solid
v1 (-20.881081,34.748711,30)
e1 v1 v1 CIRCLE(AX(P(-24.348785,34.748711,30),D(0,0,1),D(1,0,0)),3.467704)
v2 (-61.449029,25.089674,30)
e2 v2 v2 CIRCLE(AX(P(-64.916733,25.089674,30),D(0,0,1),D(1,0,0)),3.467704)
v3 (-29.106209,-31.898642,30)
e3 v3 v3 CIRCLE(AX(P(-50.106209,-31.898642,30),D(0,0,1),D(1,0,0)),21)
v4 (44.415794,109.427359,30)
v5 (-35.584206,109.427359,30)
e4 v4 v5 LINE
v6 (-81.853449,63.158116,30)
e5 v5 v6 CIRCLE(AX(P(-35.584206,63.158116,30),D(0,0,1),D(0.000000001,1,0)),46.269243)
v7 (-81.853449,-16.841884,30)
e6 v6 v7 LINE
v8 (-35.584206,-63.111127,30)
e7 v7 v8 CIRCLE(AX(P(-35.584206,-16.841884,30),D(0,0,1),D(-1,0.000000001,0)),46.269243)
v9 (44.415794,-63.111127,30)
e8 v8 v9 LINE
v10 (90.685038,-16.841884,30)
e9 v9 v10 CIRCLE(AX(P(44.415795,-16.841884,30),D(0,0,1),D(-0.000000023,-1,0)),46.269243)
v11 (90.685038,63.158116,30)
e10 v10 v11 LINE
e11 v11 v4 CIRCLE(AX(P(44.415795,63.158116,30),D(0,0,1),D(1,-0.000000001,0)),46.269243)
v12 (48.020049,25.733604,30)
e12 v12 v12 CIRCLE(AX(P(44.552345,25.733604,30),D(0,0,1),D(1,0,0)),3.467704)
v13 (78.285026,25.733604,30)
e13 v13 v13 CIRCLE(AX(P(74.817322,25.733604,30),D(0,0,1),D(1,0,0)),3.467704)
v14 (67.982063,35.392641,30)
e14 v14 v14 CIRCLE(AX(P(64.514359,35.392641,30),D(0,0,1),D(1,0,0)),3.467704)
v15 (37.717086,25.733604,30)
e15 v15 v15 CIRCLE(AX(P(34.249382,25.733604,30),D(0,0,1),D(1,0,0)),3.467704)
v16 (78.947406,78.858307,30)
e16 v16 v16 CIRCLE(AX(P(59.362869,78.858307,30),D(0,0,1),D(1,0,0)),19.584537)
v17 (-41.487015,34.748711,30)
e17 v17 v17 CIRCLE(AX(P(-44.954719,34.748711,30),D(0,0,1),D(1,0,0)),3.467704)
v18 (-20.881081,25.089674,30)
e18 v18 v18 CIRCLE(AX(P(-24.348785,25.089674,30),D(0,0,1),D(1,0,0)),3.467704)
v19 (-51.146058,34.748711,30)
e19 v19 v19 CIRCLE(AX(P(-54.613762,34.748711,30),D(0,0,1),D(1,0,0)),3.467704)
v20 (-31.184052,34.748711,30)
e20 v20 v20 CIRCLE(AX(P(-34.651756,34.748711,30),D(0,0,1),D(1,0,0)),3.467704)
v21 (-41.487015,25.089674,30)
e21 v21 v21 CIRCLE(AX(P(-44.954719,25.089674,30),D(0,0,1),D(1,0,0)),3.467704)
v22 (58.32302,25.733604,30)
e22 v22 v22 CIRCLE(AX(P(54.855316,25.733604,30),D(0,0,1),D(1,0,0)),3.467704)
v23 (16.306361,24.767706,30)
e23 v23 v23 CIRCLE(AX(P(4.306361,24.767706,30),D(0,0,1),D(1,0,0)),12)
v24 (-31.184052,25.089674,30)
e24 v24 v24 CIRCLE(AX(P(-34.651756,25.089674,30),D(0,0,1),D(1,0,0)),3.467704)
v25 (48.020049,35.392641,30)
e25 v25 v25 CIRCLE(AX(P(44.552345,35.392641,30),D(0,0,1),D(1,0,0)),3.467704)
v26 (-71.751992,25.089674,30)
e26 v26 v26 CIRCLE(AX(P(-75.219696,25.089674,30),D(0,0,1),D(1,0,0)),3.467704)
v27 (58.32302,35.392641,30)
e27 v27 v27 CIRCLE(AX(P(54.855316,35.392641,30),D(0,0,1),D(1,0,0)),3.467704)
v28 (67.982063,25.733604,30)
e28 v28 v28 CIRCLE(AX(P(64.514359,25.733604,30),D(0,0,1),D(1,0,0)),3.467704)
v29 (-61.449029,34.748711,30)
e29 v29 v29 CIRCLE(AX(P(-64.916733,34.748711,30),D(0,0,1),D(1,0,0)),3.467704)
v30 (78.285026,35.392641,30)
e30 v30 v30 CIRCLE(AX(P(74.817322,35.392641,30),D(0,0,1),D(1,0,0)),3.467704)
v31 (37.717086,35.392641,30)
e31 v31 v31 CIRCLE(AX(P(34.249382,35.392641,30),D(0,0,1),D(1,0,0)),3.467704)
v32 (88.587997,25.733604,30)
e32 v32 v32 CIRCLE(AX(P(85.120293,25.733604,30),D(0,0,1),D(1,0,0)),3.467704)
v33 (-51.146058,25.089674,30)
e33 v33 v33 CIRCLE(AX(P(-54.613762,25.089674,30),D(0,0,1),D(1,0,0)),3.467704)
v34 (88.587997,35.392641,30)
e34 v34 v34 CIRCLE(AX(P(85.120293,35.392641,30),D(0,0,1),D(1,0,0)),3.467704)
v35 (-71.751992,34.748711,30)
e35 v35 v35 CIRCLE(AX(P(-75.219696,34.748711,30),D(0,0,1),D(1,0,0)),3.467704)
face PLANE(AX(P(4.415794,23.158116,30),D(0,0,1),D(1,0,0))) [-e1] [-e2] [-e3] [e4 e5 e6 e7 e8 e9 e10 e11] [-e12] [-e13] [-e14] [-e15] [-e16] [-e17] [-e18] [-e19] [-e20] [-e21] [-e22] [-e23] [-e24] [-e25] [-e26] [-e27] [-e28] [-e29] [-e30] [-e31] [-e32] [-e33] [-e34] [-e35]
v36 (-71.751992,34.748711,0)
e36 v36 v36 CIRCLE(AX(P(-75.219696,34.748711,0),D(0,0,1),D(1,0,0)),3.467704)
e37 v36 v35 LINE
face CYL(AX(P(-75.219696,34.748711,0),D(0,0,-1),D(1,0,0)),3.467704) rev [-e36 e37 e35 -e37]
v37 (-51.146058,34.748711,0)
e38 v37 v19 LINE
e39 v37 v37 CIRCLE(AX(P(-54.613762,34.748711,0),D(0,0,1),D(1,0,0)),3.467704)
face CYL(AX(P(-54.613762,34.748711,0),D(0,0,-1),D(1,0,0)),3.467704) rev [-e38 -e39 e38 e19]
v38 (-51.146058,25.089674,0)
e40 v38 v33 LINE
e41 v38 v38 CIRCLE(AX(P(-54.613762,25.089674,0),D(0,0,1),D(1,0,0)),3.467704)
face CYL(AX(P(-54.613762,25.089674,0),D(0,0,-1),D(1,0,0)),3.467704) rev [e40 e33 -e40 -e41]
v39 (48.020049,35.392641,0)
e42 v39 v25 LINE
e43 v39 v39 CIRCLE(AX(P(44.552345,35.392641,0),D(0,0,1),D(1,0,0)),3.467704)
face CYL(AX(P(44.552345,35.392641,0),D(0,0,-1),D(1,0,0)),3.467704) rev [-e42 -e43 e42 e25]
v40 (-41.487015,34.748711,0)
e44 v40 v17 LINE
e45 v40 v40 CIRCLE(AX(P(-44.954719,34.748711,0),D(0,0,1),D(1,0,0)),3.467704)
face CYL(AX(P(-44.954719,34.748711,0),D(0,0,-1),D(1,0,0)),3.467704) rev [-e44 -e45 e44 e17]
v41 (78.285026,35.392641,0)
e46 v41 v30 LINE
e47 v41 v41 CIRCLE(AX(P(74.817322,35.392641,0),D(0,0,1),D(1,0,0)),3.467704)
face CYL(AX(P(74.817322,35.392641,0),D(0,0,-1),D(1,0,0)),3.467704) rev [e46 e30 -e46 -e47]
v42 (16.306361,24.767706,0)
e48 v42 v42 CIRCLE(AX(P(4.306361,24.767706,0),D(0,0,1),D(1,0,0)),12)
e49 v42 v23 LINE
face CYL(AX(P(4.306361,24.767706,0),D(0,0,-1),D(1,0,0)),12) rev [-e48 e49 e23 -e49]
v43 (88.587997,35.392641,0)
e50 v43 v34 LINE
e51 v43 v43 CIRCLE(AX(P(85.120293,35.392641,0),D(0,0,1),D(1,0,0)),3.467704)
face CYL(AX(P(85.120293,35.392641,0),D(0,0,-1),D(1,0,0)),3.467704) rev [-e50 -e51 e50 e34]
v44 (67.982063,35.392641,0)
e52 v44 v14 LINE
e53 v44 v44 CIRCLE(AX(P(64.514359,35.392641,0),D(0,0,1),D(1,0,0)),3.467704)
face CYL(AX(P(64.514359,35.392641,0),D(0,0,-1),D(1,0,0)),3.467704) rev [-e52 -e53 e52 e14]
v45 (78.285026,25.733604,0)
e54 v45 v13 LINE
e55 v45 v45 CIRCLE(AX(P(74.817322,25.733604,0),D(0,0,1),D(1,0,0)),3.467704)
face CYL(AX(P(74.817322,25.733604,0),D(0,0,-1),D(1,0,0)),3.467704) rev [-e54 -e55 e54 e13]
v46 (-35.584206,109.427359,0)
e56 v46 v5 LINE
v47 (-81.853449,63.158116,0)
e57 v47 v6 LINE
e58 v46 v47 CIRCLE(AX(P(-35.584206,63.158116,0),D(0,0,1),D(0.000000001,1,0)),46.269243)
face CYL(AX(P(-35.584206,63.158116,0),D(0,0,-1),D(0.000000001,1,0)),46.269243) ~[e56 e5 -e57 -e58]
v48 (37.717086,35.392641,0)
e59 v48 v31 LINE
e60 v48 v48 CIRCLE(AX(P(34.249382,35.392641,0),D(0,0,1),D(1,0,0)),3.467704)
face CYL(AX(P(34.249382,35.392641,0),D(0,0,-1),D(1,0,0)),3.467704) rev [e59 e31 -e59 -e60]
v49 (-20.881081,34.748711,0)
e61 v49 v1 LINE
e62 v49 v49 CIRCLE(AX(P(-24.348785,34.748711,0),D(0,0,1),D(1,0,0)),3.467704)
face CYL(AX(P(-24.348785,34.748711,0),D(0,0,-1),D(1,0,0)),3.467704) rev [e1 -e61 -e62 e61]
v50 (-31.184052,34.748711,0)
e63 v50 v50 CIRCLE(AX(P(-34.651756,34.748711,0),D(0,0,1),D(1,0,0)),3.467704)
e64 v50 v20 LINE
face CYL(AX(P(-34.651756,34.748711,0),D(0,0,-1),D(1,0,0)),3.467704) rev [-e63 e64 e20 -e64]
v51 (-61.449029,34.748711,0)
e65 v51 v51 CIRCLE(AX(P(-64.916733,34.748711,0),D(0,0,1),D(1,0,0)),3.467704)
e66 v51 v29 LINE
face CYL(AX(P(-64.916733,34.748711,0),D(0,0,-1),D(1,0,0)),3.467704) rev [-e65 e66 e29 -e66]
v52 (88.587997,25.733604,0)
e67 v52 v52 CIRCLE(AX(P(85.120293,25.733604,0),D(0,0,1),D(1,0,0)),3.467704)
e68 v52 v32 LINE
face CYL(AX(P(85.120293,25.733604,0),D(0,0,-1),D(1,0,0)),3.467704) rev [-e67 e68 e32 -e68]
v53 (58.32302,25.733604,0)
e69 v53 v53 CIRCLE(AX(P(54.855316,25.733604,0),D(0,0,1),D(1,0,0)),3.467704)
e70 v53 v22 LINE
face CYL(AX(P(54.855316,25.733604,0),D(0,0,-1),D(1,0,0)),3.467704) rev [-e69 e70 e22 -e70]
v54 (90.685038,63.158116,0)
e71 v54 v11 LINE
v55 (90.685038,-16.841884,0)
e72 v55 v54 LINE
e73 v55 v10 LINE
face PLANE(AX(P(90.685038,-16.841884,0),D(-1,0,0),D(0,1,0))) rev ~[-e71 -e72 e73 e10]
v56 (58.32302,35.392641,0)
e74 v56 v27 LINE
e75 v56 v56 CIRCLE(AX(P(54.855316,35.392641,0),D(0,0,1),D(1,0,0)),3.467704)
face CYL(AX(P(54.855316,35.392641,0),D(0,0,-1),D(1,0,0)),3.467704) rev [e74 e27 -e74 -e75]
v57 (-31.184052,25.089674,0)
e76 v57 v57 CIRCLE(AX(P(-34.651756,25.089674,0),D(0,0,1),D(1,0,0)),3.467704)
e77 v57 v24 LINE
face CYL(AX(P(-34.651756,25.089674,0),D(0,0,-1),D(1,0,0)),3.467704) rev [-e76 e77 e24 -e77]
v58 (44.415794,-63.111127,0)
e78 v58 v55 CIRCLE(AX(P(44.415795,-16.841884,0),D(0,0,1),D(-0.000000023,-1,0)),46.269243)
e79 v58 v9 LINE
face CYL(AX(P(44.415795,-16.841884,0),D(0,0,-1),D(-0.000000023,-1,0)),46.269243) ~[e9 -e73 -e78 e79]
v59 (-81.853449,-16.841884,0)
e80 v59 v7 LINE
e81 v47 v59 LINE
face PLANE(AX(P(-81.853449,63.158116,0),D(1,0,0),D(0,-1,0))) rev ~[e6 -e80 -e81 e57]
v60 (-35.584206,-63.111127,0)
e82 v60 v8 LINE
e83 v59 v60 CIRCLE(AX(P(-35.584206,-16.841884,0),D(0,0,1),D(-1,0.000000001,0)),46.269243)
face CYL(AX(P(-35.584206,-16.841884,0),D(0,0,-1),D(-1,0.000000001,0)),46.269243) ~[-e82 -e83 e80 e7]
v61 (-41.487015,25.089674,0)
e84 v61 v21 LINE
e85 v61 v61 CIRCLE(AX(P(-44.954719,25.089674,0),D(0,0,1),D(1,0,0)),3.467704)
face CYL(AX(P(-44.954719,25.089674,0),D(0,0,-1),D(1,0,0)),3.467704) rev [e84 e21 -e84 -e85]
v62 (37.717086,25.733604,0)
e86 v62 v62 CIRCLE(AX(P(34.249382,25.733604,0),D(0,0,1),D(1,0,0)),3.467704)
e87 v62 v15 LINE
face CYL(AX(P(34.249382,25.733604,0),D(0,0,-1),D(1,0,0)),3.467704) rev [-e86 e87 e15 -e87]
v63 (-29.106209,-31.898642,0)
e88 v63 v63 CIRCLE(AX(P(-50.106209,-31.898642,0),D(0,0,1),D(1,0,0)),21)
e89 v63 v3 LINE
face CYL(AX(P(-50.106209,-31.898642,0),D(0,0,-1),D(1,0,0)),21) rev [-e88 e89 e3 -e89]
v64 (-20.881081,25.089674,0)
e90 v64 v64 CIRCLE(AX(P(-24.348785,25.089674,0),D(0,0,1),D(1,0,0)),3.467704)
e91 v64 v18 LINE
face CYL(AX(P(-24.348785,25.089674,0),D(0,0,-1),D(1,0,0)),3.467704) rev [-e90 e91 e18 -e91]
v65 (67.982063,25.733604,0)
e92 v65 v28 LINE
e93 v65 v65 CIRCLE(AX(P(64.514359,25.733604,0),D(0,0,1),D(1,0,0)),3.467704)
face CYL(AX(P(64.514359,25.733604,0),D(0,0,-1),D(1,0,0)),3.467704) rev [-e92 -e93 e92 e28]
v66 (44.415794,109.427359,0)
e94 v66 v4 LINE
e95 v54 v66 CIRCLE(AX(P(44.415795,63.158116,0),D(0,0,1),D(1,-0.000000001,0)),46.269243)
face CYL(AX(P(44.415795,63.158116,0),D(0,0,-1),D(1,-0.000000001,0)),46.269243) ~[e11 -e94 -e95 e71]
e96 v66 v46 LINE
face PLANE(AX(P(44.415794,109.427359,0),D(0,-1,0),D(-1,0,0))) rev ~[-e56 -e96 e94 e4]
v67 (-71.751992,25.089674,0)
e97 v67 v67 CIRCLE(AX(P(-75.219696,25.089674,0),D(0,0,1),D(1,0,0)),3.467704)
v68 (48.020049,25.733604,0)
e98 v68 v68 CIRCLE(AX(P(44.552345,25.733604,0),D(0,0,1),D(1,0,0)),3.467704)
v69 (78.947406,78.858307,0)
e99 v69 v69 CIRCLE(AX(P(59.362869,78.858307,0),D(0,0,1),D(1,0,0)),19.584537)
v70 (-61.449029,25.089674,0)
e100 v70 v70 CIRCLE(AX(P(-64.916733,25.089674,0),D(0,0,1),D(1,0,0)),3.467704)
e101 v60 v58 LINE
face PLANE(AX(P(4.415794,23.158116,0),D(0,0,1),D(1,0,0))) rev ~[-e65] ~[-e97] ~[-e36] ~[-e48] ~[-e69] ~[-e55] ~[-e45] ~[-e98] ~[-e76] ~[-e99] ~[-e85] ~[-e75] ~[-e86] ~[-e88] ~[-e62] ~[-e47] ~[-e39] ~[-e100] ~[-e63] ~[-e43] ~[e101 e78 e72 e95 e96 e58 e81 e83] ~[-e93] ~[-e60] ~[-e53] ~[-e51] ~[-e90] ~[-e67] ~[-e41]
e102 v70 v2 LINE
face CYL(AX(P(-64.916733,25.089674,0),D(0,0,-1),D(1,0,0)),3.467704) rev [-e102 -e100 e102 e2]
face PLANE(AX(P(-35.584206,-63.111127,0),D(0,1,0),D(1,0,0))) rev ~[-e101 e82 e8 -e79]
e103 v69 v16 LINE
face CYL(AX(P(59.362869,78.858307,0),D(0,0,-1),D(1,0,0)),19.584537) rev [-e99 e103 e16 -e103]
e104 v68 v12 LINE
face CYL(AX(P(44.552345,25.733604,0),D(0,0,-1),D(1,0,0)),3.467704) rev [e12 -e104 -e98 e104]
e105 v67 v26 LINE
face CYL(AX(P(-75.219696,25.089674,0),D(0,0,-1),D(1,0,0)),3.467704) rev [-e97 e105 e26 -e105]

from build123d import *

# Parameters (mm, degrees)
SKETCH_R     = 12
SKETCH_R_2   = 21
SKETCH_R_3   = 19.584537
SKETCH_R_4   = 3.467704
PAD_DEPTH    = 30
PAD001_DEPTH = 30


with BuildPart() as part:
    # Sketch → Pad (new body)
    with BuildSketch(Plane.XY):
        with BuildLine():
            Line((-35.584206, -63.111127), (44.415794, -63.111127))
            ThreePointArc((44.415794, -63.111127), (77.13309, -49.55918), (90.685038, -16.841884))
            Line((90.685038, -16.841884), (90.685038, 63.158116))
            ThreePointArc((90.685038, 63.158116), (77.13309, 95.875412), (44.415794, 109.427359))
            Line((44.415794, 109.427359), (-35.584206, 109.427359))
            ThreePointArc((-35.584206, 109.427359), (-68.301501, 95.875412), (-81.853449, 63.158116))
            Line((-81.853449, 63.158116), (-81.853449, -16.841884))
            ThreePointArc((-81.853449, -16.841884), (-68.301501, -49.55918), (-35.584206, -63.111127))
        make_face()
        with Locations((4.306361, 24.767706)):
            Circle(SKETCH_R, mode=Mode.SUBTRACT)
        with Locations((-50.106209, -31.898642)):
            Circle(SKETCH_R_2, mode=Mode.SUBTRACT)
        with Locations((59.362869, 78.858307)):
            Circle(SKETCH_R_3, mode=Mode.SUBTRACT)
        with Locations((-75.219696, 34.748711)):
            Circle(SKETCH_R_4, mode=Mode.SUBTRACT)
        with Locations((-64.916733, 34.748711)):
            Circle(SKETCH_R_4, mode=Mode.SUBTRACT)
        with Locations((-54.613762, 34.748711)):
            Circle(SKETCH_R_4, mode=Mode.SUBTRACT)
        with Locations((-44.954719, 34.748711)):
            Circle(SKETCH_R_4, mode=Mode.SUBTRACT)
        with Locations((-34.651756, 34.748711)):
            Circle(SKETCH_R_4, mode=Mode.SUBTRACT)
        with Locations((-24.348785, 34.748711)):
            Circle(SKETCH_R_4, mode=Mode.SUBTRACT)
        with Locations((-75.219696, 25.089674)):
            Circle(SKETCH_R_4, mode=Mode.SUBTRACT)
        with Locations((-64.916733, 25.089674)):
            Circle(SKETCH_R_4, mode=Mode.SUBTRACT)
        with Locations((-54.613762, 25.089674)):
            Circle(SKETCH_R_4, mode=Mode.SUBTRACT)
        with Locations((-44.954719, 25.089674)):
            Circle(SKETCH_R_4, mode=Mode.SUBTRACT)
        with Locations((-34.651756, 25.089674)):
            Circle(SKETCH_R_4, mode=Mode.SUBTRACT)
        with Locations((-24.348785, 25.089674)):
            Circle(SKETCH_R_4, mode=Mode.SUBTRACT)
        with Locations((34.249382, 35.392641)):
            Circle(SKETCH_R_4, mode=Mode.SUBTRACT)
        with Locations((44.552345, 35.392641)):
            Circle(SKETCH_R_4, mode=Mode.SUBTRACT)
        with Locations((54.855316, 35.392641)):
            Circle(SKETCH_R_4, mode=Mode.SUBTRACT)
        with Locations((64.514359, 35.392641)):
            Circle(SKETCH_R_4, mode=Mode.SUBTRACT)
        with Locations((74.817322, 35.392641)):
            Circle(SKETCH_R_4, mode=Mode.SUBTRACT)
        with Locations((85.120293, 35.392641)):
            Circle(SKETCH_R_4, mode=Mode.SUBTRACT)
        with Locations((34.249382, 25.733604)):
            Circle(SKETCH_R_4, mode=Mode.SUBTRACT)
        with Locations((44.552345, 25.733604)):
            Circle(SKETCH_R_4, mode=Mode.SUBTRACT)
        with Locations((54.855316, 25.733604)):
            Circle(SKETCH_R_4, mode=Mode.SUBTRACT)
        with Locations((64.514359, 25.733604)):
            Circle(SKETCH_R_4, mode=Mode.SUBTRACT)
        with Locations((74.817322, 25.733604)):
            Circle(SKETCH_R_4, mode=Mode.SUBTRACT)
        with Locations((85.120293, 25.733604)):
            Circle(SKETCH_R_4, mode=Mode.SUBTRACT)
    extrude(amount=PAD_DEPTH)

    # Sketch → Pad001 (join)
    with BuildSketch(Plane.XY):
        with BuildLine():
            Line((-35.584206, -63.111127), (44.415794, -63.111127))
            ThreePointArc((44.415794, -63.111127), (77.13309, -49.55918), (90.685038, -16.841884))
            Line((90.685038, -16.841884), (90.685038, 63.158116))
            ThreePointArc((90.685038, 63.158116), (77.13309, 95.875412), (44.415794, 109.427359))
            Line((44.415794, 109.427359), (-35.584206, 109.427359))
            ThreePointArc((-35.584206, 109.427359), (-68.301501, 95.875412), (-81.853449, 63.158116))
            Line((-81.853449, 63.158116), (-81.853449, -16.841884))
            ThreePointArc((-81.853449, -16.841884), (-68.301501, -49.55918), (-35.584206, -63.111127))
        make_face()
        with Locations((4.306361, 24.767706)):
            Circle(SKETCH_R, mode=Mode.SUBTRACT)
        with Locations((-50.106209, -31.898642)):
            Circle(SKETCH_R_2, mode=Mode.SUBTRACT)
        with Locations((59.362869, 78.858307)):
            Circle(SKETCH_R_3, mode=Mode.SUBTRACT)
        with Locations((-75.219696, 34.748711)):
            Circle(SKETCH_R_4, mode=Mode.SUBTRACT)
        with Locations((-64.916733, 34.748711)):
            Circle(SKETCH_R_4, mode=Mode.SUBTRACT)
        with Locations((-54.613762, 34.748711)):
            Circle(SKETCH_R_4, mode=Mode.SUBTRACT)
        with Locations((-44.954719, 34.748711)):
            Circle(SKETCH_R_4, mode=Mode.SUBTRACT)
        with Locations((-34.651756, 34.748711)):
            Circle(SKETCH_R_4, mode=Mode.SUBTRACT)
        with Locations((-24.348785, 34.748711)):
            Circle(SKETCH_R_4, mode=Mode.SUBTRACT)
        with Locations((-75.219696, 25.089674)):
            Circle(SKETCH_R_4, mode=Mode.SUBTRACT)
        with Locations((-64.916733, 25.089674)):
            Circle(SKETCH_R_4, mode=Mode.SUBTRACT)
        with Locations((-54.613762, 25.089674)):
            Circle(SKETCH_R_4, mode=Mode.SUBTRACT)
        with Locations((-44.954719, 25.089674)):
            Circle(SKETCH_R_4, mode=Mode.SUBTRACT)
        with Locations((-34.651756, 25.089674)):
            Circle(SKETCH_R_4, mode=Mode.SUBTRACT)
        with Locations((-24.348785, 25.089674)):
            Circle(SKETCH_R_4, mode=Mode.SUBTRACT)
        with Locations((34.249382, 35.392641)):
            Circle(SKETCH_R_4, mode=Mode.SUBTRACT)
        with Locations((44.552345, 35.392641)):
            Circle(SKETCH_R_4, mode=Mode.SUBTRACT)
        with Locations((54.855316, 35.392641)):
            Circle(SKETCH_R_4, mode=Mode.SUBTRACT)
        with Locations((64.514359, 35.392641)):
            Circle(SKETCH_R_4, mode=Mode.SUBTRACT)
        with Locations((74.817322, 35.392641)):
            Circle(SKETCH_R_4, mode=Mode.SUBTRACT)
        with Locations((85.120293, 35.392641)):
            Circle(SKETCH_R_4, mode=Mode.SUBTRACT)
        with Locations((34.249382, 25.733604)):
            Circle(SKETCH_R_4, mode=Mode.SUBTRACT)
        with Locations((44.552345, 25.733604)):
            Circle(SKETCH_R_4, mode=Mode.SUBTRACT)
        with Locations((54.855316, 25.733604)):
            Circle(SKETCH_R_4, mode=Mode.SUBTRACT)
        with Locations((64.514359, 25.733604)):
            Circle(SKETCH_R_4, mode=Mode.SUBTRACT)
        with Locations((74.817322, 25.733604)):
            Circle(SKETCH_R_4, mode=Mode.SUBTRACT)
        with Locations((85.120293, 25.733604)):
            Circle(SKETCH_R_4, mode=Mode.SUBTRACT)
    extrude(amount=PAD001_DEPTH)


solid = part.part
